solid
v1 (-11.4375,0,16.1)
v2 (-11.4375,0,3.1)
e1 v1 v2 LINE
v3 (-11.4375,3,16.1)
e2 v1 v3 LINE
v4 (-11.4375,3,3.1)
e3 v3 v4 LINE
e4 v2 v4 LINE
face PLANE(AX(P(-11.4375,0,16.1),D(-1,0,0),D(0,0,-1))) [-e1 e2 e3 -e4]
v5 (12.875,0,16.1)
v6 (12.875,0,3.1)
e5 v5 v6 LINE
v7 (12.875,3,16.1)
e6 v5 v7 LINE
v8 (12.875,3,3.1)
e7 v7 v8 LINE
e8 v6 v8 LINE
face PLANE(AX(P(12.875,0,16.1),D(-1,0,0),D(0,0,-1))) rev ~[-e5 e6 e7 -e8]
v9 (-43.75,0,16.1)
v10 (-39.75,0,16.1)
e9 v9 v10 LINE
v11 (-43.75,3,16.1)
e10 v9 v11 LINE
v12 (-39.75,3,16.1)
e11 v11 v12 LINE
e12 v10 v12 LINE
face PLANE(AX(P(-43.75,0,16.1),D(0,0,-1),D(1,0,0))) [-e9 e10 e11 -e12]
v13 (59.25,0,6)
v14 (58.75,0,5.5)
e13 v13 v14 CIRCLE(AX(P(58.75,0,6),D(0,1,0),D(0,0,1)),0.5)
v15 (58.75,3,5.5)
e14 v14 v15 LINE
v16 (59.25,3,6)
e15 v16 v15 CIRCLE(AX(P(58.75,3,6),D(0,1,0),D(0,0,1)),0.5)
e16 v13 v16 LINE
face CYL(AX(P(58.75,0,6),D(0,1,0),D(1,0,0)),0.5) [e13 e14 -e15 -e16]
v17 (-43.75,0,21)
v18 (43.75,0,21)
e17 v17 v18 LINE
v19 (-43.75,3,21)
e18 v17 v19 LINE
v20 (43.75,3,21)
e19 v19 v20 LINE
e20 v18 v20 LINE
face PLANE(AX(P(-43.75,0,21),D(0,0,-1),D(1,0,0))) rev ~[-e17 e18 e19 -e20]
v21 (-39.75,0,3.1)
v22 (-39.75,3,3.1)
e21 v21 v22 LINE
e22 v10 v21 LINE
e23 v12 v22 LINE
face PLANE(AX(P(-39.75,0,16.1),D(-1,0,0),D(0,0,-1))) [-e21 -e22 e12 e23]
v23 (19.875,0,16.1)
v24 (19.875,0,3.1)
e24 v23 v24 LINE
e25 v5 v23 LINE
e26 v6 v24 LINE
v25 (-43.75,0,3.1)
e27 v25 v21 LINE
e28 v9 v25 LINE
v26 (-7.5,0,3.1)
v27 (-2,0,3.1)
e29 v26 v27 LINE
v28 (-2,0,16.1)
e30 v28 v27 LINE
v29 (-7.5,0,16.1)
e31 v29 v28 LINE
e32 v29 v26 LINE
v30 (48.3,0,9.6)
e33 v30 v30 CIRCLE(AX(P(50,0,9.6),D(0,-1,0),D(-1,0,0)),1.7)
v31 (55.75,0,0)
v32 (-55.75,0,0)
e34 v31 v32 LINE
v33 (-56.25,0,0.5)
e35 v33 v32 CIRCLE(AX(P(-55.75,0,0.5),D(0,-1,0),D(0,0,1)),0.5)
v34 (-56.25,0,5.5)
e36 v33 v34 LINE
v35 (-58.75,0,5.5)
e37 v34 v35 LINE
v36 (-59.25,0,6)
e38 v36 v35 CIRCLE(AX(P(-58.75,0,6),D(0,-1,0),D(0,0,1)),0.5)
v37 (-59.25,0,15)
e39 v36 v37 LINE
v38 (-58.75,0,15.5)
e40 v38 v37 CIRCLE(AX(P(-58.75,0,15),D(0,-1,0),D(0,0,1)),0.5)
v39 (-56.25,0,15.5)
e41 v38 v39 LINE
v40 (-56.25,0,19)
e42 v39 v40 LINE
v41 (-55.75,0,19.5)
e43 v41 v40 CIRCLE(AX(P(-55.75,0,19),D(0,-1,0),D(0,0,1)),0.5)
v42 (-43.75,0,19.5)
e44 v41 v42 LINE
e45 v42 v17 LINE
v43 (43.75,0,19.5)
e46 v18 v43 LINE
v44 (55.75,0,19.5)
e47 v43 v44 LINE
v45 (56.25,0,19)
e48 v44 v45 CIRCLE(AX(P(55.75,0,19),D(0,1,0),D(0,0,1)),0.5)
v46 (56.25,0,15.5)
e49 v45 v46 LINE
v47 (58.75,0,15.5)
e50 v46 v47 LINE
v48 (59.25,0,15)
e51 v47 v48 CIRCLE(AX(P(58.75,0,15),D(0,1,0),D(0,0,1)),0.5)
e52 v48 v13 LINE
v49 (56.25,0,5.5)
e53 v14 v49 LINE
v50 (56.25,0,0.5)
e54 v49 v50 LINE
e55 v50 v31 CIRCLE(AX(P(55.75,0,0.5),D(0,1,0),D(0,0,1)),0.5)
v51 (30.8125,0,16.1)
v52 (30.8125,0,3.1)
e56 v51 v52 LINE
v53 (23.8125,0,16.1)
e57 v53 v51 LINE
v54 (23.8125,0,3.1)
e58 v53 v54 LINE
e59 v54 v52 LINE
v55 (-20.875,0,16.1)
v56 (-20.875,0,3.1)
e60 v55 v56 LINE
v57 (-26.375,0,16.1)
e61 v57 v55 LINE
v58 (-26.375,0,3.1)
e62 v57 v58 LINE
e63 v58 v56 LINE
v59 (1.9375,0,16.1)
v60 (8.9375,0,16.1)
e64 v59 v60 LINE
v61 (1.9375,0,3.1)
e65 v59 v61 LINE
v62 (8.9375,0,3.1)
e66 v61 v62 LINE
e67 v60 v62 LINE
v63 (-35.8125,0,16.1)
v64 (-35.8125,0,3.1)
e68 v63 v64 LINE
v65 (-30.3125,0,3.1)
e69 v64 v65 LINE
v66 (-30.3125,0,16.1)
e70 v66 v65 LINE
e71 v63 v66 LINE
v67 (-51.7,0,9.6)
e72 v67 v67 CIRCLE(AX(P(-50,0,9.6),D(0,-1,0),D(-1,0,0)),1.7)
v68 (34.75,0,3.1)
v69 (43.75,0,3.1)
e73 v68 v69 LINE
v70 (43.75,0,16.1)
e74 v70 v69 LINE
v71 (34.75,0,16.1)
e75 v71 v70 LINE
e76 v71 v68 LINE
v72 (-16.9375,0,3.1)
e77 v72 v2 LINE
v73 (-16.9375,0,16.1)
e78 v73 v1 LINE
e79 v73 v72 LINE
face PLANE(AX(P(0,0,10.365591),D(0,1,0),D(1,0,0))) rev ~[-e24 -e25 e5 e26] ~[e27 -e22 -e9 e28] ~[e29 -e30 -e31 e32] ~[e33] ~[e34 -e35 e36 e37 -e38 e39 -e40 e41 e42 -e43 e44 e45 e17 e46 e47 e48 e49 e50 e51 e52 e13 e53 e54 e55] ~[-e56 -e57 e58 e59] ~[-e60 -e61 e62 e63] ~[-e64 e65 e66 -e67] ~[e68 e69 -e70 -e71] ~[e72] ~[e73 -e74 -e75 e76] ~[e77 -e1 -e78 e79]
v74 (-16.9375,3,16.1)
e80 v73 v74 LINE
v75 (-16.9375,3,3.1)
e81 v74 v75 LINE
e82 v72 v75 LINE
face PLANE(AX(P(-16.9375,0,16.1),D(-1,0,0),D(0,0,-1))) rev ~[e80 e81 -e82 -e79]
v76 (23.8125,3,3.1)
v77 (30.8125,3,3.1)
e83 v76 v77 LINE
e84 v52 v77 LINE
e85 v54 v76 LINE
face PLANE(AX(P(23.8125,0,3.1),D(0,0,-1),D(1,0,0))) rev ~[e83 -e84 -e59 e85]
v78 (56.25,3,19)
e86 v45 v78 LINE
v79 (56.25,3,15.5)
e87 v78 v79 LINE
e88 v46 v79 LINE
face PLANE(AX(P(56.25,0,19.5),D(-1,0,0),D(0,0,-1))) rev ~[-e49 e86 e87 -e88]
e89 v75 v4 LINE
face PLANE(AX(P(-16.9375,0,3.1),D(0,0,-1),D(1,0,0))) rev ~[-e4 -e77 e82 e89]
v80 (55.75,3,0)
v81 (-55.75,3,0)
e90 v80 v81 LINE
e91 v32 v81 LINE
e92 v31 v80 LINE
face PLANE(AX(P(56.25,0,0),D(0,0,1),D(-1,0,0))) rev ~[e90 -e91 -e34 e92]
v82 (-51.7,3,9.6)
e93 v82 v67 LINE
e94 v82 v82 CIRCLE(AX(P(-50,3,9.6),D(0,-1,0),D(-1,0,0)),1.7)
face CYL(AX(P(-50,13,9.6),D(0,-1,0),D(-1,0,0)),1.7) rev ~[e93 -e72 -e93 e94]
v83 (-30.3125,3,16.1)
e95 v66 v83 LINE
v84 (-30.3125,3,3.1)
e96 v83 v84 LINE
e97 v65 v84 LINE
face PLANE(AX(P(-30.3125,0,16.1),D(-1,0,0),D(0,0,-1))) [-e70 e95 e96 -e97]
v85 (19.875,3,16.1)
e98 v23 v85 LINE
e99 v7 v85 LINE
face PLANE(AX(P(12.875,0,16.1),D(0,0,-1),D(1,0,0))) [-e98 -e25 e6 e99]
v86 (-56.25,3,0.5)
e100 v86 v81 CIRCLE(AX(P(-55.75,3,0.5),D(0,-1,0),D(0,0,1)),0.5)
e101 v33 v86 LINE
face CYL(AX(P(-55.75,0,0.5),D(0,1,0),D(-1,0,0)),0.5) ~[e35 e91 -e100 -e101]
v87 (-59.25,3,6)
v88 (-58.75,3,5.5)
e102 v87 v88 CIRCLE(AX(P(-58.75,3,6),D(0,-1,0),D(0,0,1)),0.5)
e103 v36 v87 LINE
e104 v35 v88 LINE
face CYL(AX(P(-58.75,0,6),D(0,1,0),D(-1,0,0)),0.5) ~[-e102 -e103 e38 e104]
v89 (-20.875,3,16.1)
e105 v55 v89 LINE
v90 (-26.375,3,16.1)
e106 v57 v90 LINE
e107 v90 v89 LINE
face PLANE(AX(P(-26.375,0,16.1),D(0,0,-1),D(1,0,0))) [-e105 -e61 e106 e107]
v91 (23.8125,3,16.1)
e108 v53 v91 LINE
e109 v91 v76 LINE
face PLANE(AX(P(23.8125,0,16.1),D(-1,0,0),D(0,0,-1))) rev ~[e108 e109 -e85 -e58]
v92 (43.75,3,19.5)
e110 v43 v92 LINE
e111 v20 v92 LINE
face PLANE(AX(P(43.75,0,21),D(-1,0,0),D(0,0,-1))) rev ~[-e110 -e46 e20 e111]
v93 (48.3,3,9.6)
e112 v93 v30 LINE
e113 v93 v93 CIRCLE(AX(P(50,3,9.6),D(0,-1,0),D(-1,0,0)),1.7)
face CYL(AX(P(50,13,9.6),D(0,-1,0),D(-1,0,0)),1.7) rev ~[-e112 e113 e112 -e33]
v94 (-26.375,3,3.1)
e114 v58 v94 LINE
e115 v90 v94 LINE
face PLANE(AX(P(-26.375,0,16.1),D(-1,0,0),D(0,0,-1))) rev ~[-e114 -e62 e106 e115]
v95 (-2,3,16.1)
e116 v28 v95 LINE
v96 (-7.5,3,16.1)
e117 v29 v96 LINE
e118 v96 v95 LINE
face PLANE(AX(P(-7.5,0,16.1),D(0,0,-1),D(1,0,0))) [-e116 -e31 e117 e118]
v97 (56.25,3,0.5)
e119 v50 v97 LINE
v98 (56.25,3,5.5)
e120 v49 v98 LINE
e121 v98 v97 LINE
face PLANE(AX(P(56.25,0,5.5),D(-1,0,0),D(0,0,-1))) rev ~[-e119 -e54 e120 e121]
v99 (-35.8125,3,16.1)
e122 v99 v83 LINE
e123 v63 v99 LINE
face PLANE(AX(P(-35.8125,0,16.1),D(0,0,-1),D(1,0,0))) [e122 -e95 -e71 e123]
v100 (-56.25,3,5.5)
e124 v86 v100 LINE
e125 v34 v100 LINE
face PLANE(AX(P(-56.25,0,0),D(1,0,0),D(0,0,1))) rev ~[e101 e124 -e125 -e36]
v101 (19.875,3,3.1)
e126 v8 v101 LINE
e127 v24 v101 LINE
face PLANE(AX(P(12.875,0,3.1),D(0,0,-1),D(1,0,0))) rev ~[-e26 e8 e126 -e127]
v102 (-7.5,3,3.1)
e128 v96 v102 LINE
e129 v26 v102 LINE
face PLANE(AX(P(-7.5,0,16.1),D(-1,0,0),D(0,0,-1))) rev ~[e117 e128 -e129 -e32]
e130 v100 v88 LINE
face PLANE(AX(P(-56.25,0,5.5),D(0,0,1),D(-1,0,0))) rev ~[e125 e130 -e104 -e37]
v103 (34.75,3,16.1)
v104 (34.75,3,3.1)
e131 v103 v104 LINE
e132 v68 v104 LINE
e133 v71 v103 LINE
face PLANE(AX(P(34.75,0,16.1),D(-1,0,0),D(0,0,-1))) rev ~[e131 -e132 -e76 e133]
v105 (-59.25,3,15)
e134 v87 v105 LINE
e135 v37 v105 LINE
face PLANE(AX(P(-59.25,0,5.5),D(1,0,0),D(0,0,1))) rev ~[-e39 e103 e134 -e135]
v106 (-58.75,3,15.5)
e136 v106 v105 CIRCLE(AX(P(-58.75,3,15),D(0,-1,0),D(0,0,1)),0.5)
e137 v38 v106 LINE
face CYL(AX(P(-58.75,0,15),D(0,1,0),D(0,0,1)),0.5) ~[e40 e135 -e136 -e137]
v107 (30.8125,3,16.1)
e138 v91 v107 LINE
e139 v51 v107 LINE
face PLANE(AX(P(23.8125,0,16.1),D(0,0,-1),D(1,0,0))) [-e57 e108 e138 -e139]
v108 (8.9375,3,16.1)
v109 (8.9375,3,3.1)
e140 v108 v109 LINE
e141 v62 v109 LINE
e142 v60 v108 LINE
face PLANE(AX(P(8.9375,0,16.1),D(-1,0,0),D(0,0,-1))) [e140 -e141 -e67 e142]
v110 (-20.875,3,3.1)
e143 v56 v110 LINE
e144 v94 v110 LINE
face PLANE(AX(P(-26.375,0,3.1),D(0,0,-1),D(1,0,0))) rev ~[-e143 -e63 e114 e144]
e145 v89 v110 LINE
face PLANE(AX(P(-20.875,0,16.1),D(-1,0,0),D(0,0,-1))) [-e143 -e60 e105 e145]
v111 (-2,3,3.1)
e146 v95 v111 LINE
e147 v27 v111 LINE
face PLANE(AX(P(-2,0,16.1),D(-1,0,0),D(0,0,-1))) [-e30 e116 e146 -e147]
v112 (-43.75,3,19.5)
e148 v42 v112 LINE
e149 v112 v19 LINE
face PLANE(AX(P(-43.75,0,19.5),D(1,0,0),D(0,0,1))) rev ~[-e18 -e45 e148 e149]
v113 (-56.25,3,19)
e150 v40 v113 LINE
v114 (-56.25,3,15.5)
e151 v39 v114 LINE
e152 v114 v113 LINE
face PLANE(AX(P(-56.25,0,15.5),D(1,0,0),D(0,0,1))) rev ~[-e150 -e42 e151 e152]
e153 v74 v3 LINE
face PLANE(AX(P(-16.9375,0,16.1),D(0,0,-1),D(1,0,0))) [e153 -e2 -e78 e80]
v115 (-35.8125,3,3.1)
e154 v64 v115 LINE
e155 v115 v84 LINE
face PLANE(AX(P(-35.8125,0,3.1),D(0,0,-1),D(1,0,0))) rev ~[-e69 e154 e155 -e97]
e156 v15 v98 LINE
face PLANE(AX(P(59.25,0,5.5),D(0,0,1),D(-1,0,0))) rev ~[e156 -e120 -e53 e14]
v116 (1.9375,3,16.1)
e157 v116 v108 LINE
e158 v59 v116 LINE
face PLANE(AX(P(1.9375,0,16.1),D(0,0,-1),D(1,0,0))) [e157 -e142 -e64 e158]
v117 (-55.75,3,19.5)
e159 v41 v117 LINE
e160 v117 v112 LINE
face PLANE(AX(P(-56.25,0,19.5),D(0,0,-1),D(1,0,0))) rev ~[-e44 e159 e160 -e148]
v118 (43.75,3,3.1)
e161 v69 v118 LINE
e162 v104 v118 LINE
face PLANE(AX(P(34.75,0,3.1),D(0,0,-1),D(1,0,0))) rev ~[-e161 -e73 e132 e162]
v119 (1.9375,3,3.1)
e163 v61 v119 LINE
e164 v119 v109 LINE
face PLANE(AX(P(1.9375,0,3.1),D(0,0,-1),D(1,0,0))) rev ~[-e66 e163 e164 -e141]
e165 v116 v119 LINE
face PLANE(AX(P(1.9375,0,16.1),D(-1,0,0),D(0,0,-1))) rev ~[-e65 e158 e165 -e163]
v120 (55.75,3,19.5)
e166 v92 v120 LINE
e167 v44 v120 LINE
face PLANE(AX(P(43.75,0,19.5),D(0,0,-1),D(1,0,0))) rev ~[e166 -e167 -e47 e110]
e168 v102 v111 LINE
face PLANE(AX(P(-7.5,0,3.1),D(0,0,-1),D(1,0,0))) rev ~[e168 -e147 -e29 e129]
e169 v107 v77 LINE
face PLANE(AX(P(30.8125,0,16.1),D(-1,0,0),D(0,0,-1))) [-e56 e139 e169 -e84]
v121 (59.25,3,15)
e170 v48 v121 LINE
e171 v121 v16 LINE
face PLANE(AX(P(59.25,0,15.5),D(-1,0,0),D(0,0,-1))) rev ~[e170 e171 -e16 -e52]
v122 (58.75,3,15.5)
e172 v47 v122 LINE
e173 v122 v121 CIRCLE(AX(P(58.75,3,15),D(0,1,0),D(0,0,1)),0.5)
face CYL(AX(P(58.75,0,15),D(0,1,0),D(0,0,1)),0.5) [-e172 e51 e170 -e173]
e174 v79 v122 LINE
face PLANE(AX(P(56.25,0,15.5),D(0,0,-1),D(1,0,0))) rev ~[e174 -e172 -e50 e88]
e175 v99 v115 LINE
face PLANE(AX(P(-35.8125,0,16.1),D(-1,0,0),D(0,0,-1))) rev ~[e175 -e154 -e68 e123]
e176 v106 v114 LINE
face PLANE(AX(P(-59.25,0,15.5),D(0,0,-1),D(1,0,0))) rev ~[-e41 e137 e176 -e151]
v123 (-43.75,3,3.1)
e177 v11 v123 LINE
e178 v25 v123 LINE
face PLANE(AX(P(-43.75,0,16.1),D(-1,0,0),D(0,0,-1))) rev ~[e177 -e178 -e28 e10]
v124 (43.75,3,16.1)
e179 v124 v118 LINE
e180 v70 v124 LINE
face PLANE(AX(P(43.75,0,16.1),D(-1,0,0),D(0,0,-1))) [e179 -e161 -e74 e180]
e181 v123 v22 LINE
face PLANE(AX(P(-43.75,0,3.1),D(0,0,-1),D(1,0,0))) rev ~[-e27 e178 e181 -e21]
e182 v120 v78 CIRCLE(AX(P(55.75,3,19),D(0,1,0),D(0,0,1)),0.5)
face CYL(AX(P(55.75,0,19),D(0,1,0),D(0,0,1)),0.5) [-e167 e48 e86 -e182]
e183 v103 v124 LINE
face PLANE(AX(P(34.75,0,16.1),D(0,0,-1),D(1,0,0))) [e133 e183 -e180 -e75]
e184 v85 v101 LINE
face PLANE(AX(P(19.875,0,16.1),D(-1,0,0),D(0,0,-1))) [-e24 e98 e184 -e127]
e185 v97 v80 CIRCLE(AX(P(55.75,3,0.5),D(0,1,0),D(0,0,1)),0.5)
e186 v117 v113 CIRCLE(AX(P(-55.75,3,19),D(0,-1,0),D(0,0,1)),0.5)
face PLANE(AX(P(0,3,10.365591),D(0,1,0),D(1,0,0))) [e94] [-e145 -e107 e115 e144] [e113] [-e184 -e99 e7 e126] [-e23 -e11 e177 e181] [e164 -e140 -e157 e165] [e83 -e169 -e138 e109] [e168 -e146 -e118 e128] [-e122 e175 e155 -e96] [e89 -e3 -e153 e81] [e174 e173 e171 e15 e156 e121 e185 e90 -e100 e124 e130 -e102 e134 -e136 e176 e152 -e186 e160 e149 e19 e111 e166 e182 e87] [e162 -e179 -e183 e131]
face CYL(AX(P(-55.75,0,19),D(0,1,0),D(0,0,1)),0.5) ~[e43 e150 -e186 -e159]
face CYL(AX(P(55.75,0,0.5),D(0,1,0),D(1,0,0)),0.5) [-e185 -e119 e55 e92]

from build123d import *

# Parameters (mm, degrees)
SKETCH_1_W            = 5.5
SKETCH_1_H            = 13
SKETCH_1_W_2          = 7
SKETCH_1_W_3          = 4
SKETCH_1_W_4          = 9
EXTRUDE_1_DEPTH       = 3
HOLE_WIZARD_M31_D     = 3.4
HOLE_WIZARD_M31_DEPTH = 10
HOLE_WIZARD_M31_TIP   = 1.021463052
FILLET_1_R            = 0.5


with BuildPart() as part:
    # Эскиз1 → Бобышка-Вытянуть1 (new body)
    with BuildSketch(Plane(origin=(0, 0, 0), x_dir=(1, 0, 0), z_dir=(0, 1, 0))):
        Polygon((-43.75, -21), (43.75, -21), (43.75, -19.5), (56.25, -19.5), (56.25, -15.5), (59.25, -15.5), (59.25, -5.5), (56.25, -5.5), (56.25, 0), (-56.25, 0), (-56.25, -5.5), (-59.25, -5.5), (-59.25, -15.5), (-56.25, -15.5), (-56.25, -19.5), (-43.75, -19.5), align=None)
        with Locations((-23.625, -9.6)):
            Rectangle(SKETCH_1_W, SKETCH_1_H, mode=Mode.SUBTRACT)
        with Locations((-33.0625, -9.6)):
            Rectangle(SKETCH_1_W, SKETCH_1_H, mode=Mode.SUBTRACT)
        with Locations((-14.1875, -9.6)):
            Rectangle(SKETCH_1_W, SKETCH_1_H, mode=Mode.SUBTRACT)
        with Locations((-4.75, -9.6)):
            Rectangle(SKETCH_1_W, SKETCH_1_H, mode=Mode.SUBTRACT)
        with Locations((16.375, -9.6)):
            Rectangle(SKETCH_1_W_2, SKETCH_1_H, mode=Mode.SUBTRACT)
        with Locations((5.4375, -9.6)):
            Rectangle(SKETCH_1_W_2, SKETCH_1_H, mode=Mode.SUBTRACT)
        with Locations((27.3125, -9.6)):
            Rectangle(SKETCH_1_W_2, SKETCH_1_H, mode=Mode.SUBTRACT)
        with Locations((-41.75, -9.6)):
            Rectangle(SKETCH_1_W_3, SKETCH_1_H, mode=Mode.SUBTRACT)
        with Locations((39.25, -9.6)):
            Rectangle(SKETCH_1_W_4, SKETCH_1_H, mode=Mode.SUBTRACT)
    extrude(amount=EXTRUDE_1_DEPTH)

    # Отверстие с зазором M31
    with Locations(Plane(origin=(0, 3, 0), x_dir=(1, 0, 0), z_dir=(0, 1, 0))):
        with Locations((50, -9.6), (-50, -9.6)):
            Hole(HOLE_WIZARD_M31_D / 2, depth=HOLE_WIZARD_M31_DEPTH)
            with Locations((0, 0, -(HOLE_WIZARD_M31_DEPTH + HOLE_WIZARD_M31_TIP / 2))):  # 118° drill point
                Cone(0, HOLE_WIZARD_M31_D / 2, HOLE_WIZARD_M31_TIP, mode=Mode.SUBTRACT)

    # Скругление1
    fillet_1_edges = [part.edges().sort_by_distance(p)[0] for p in [
        (-56.25, 1.5, 19.5),
        (-59.25, 1.5, 15.5),
        (-59.25, 1.5, 5.5),
        (-56.25, 1.5, 0),
        (56.25, 1.5, 0),
        (59.25, 1.5, 5.5),
        (59.25, 1.5, 15.5),
        (56.25, 1.5, 19.5),
    ]]
    fillet(fillet_1_edges, radius=FILLET_1_R)


solid = part.part
